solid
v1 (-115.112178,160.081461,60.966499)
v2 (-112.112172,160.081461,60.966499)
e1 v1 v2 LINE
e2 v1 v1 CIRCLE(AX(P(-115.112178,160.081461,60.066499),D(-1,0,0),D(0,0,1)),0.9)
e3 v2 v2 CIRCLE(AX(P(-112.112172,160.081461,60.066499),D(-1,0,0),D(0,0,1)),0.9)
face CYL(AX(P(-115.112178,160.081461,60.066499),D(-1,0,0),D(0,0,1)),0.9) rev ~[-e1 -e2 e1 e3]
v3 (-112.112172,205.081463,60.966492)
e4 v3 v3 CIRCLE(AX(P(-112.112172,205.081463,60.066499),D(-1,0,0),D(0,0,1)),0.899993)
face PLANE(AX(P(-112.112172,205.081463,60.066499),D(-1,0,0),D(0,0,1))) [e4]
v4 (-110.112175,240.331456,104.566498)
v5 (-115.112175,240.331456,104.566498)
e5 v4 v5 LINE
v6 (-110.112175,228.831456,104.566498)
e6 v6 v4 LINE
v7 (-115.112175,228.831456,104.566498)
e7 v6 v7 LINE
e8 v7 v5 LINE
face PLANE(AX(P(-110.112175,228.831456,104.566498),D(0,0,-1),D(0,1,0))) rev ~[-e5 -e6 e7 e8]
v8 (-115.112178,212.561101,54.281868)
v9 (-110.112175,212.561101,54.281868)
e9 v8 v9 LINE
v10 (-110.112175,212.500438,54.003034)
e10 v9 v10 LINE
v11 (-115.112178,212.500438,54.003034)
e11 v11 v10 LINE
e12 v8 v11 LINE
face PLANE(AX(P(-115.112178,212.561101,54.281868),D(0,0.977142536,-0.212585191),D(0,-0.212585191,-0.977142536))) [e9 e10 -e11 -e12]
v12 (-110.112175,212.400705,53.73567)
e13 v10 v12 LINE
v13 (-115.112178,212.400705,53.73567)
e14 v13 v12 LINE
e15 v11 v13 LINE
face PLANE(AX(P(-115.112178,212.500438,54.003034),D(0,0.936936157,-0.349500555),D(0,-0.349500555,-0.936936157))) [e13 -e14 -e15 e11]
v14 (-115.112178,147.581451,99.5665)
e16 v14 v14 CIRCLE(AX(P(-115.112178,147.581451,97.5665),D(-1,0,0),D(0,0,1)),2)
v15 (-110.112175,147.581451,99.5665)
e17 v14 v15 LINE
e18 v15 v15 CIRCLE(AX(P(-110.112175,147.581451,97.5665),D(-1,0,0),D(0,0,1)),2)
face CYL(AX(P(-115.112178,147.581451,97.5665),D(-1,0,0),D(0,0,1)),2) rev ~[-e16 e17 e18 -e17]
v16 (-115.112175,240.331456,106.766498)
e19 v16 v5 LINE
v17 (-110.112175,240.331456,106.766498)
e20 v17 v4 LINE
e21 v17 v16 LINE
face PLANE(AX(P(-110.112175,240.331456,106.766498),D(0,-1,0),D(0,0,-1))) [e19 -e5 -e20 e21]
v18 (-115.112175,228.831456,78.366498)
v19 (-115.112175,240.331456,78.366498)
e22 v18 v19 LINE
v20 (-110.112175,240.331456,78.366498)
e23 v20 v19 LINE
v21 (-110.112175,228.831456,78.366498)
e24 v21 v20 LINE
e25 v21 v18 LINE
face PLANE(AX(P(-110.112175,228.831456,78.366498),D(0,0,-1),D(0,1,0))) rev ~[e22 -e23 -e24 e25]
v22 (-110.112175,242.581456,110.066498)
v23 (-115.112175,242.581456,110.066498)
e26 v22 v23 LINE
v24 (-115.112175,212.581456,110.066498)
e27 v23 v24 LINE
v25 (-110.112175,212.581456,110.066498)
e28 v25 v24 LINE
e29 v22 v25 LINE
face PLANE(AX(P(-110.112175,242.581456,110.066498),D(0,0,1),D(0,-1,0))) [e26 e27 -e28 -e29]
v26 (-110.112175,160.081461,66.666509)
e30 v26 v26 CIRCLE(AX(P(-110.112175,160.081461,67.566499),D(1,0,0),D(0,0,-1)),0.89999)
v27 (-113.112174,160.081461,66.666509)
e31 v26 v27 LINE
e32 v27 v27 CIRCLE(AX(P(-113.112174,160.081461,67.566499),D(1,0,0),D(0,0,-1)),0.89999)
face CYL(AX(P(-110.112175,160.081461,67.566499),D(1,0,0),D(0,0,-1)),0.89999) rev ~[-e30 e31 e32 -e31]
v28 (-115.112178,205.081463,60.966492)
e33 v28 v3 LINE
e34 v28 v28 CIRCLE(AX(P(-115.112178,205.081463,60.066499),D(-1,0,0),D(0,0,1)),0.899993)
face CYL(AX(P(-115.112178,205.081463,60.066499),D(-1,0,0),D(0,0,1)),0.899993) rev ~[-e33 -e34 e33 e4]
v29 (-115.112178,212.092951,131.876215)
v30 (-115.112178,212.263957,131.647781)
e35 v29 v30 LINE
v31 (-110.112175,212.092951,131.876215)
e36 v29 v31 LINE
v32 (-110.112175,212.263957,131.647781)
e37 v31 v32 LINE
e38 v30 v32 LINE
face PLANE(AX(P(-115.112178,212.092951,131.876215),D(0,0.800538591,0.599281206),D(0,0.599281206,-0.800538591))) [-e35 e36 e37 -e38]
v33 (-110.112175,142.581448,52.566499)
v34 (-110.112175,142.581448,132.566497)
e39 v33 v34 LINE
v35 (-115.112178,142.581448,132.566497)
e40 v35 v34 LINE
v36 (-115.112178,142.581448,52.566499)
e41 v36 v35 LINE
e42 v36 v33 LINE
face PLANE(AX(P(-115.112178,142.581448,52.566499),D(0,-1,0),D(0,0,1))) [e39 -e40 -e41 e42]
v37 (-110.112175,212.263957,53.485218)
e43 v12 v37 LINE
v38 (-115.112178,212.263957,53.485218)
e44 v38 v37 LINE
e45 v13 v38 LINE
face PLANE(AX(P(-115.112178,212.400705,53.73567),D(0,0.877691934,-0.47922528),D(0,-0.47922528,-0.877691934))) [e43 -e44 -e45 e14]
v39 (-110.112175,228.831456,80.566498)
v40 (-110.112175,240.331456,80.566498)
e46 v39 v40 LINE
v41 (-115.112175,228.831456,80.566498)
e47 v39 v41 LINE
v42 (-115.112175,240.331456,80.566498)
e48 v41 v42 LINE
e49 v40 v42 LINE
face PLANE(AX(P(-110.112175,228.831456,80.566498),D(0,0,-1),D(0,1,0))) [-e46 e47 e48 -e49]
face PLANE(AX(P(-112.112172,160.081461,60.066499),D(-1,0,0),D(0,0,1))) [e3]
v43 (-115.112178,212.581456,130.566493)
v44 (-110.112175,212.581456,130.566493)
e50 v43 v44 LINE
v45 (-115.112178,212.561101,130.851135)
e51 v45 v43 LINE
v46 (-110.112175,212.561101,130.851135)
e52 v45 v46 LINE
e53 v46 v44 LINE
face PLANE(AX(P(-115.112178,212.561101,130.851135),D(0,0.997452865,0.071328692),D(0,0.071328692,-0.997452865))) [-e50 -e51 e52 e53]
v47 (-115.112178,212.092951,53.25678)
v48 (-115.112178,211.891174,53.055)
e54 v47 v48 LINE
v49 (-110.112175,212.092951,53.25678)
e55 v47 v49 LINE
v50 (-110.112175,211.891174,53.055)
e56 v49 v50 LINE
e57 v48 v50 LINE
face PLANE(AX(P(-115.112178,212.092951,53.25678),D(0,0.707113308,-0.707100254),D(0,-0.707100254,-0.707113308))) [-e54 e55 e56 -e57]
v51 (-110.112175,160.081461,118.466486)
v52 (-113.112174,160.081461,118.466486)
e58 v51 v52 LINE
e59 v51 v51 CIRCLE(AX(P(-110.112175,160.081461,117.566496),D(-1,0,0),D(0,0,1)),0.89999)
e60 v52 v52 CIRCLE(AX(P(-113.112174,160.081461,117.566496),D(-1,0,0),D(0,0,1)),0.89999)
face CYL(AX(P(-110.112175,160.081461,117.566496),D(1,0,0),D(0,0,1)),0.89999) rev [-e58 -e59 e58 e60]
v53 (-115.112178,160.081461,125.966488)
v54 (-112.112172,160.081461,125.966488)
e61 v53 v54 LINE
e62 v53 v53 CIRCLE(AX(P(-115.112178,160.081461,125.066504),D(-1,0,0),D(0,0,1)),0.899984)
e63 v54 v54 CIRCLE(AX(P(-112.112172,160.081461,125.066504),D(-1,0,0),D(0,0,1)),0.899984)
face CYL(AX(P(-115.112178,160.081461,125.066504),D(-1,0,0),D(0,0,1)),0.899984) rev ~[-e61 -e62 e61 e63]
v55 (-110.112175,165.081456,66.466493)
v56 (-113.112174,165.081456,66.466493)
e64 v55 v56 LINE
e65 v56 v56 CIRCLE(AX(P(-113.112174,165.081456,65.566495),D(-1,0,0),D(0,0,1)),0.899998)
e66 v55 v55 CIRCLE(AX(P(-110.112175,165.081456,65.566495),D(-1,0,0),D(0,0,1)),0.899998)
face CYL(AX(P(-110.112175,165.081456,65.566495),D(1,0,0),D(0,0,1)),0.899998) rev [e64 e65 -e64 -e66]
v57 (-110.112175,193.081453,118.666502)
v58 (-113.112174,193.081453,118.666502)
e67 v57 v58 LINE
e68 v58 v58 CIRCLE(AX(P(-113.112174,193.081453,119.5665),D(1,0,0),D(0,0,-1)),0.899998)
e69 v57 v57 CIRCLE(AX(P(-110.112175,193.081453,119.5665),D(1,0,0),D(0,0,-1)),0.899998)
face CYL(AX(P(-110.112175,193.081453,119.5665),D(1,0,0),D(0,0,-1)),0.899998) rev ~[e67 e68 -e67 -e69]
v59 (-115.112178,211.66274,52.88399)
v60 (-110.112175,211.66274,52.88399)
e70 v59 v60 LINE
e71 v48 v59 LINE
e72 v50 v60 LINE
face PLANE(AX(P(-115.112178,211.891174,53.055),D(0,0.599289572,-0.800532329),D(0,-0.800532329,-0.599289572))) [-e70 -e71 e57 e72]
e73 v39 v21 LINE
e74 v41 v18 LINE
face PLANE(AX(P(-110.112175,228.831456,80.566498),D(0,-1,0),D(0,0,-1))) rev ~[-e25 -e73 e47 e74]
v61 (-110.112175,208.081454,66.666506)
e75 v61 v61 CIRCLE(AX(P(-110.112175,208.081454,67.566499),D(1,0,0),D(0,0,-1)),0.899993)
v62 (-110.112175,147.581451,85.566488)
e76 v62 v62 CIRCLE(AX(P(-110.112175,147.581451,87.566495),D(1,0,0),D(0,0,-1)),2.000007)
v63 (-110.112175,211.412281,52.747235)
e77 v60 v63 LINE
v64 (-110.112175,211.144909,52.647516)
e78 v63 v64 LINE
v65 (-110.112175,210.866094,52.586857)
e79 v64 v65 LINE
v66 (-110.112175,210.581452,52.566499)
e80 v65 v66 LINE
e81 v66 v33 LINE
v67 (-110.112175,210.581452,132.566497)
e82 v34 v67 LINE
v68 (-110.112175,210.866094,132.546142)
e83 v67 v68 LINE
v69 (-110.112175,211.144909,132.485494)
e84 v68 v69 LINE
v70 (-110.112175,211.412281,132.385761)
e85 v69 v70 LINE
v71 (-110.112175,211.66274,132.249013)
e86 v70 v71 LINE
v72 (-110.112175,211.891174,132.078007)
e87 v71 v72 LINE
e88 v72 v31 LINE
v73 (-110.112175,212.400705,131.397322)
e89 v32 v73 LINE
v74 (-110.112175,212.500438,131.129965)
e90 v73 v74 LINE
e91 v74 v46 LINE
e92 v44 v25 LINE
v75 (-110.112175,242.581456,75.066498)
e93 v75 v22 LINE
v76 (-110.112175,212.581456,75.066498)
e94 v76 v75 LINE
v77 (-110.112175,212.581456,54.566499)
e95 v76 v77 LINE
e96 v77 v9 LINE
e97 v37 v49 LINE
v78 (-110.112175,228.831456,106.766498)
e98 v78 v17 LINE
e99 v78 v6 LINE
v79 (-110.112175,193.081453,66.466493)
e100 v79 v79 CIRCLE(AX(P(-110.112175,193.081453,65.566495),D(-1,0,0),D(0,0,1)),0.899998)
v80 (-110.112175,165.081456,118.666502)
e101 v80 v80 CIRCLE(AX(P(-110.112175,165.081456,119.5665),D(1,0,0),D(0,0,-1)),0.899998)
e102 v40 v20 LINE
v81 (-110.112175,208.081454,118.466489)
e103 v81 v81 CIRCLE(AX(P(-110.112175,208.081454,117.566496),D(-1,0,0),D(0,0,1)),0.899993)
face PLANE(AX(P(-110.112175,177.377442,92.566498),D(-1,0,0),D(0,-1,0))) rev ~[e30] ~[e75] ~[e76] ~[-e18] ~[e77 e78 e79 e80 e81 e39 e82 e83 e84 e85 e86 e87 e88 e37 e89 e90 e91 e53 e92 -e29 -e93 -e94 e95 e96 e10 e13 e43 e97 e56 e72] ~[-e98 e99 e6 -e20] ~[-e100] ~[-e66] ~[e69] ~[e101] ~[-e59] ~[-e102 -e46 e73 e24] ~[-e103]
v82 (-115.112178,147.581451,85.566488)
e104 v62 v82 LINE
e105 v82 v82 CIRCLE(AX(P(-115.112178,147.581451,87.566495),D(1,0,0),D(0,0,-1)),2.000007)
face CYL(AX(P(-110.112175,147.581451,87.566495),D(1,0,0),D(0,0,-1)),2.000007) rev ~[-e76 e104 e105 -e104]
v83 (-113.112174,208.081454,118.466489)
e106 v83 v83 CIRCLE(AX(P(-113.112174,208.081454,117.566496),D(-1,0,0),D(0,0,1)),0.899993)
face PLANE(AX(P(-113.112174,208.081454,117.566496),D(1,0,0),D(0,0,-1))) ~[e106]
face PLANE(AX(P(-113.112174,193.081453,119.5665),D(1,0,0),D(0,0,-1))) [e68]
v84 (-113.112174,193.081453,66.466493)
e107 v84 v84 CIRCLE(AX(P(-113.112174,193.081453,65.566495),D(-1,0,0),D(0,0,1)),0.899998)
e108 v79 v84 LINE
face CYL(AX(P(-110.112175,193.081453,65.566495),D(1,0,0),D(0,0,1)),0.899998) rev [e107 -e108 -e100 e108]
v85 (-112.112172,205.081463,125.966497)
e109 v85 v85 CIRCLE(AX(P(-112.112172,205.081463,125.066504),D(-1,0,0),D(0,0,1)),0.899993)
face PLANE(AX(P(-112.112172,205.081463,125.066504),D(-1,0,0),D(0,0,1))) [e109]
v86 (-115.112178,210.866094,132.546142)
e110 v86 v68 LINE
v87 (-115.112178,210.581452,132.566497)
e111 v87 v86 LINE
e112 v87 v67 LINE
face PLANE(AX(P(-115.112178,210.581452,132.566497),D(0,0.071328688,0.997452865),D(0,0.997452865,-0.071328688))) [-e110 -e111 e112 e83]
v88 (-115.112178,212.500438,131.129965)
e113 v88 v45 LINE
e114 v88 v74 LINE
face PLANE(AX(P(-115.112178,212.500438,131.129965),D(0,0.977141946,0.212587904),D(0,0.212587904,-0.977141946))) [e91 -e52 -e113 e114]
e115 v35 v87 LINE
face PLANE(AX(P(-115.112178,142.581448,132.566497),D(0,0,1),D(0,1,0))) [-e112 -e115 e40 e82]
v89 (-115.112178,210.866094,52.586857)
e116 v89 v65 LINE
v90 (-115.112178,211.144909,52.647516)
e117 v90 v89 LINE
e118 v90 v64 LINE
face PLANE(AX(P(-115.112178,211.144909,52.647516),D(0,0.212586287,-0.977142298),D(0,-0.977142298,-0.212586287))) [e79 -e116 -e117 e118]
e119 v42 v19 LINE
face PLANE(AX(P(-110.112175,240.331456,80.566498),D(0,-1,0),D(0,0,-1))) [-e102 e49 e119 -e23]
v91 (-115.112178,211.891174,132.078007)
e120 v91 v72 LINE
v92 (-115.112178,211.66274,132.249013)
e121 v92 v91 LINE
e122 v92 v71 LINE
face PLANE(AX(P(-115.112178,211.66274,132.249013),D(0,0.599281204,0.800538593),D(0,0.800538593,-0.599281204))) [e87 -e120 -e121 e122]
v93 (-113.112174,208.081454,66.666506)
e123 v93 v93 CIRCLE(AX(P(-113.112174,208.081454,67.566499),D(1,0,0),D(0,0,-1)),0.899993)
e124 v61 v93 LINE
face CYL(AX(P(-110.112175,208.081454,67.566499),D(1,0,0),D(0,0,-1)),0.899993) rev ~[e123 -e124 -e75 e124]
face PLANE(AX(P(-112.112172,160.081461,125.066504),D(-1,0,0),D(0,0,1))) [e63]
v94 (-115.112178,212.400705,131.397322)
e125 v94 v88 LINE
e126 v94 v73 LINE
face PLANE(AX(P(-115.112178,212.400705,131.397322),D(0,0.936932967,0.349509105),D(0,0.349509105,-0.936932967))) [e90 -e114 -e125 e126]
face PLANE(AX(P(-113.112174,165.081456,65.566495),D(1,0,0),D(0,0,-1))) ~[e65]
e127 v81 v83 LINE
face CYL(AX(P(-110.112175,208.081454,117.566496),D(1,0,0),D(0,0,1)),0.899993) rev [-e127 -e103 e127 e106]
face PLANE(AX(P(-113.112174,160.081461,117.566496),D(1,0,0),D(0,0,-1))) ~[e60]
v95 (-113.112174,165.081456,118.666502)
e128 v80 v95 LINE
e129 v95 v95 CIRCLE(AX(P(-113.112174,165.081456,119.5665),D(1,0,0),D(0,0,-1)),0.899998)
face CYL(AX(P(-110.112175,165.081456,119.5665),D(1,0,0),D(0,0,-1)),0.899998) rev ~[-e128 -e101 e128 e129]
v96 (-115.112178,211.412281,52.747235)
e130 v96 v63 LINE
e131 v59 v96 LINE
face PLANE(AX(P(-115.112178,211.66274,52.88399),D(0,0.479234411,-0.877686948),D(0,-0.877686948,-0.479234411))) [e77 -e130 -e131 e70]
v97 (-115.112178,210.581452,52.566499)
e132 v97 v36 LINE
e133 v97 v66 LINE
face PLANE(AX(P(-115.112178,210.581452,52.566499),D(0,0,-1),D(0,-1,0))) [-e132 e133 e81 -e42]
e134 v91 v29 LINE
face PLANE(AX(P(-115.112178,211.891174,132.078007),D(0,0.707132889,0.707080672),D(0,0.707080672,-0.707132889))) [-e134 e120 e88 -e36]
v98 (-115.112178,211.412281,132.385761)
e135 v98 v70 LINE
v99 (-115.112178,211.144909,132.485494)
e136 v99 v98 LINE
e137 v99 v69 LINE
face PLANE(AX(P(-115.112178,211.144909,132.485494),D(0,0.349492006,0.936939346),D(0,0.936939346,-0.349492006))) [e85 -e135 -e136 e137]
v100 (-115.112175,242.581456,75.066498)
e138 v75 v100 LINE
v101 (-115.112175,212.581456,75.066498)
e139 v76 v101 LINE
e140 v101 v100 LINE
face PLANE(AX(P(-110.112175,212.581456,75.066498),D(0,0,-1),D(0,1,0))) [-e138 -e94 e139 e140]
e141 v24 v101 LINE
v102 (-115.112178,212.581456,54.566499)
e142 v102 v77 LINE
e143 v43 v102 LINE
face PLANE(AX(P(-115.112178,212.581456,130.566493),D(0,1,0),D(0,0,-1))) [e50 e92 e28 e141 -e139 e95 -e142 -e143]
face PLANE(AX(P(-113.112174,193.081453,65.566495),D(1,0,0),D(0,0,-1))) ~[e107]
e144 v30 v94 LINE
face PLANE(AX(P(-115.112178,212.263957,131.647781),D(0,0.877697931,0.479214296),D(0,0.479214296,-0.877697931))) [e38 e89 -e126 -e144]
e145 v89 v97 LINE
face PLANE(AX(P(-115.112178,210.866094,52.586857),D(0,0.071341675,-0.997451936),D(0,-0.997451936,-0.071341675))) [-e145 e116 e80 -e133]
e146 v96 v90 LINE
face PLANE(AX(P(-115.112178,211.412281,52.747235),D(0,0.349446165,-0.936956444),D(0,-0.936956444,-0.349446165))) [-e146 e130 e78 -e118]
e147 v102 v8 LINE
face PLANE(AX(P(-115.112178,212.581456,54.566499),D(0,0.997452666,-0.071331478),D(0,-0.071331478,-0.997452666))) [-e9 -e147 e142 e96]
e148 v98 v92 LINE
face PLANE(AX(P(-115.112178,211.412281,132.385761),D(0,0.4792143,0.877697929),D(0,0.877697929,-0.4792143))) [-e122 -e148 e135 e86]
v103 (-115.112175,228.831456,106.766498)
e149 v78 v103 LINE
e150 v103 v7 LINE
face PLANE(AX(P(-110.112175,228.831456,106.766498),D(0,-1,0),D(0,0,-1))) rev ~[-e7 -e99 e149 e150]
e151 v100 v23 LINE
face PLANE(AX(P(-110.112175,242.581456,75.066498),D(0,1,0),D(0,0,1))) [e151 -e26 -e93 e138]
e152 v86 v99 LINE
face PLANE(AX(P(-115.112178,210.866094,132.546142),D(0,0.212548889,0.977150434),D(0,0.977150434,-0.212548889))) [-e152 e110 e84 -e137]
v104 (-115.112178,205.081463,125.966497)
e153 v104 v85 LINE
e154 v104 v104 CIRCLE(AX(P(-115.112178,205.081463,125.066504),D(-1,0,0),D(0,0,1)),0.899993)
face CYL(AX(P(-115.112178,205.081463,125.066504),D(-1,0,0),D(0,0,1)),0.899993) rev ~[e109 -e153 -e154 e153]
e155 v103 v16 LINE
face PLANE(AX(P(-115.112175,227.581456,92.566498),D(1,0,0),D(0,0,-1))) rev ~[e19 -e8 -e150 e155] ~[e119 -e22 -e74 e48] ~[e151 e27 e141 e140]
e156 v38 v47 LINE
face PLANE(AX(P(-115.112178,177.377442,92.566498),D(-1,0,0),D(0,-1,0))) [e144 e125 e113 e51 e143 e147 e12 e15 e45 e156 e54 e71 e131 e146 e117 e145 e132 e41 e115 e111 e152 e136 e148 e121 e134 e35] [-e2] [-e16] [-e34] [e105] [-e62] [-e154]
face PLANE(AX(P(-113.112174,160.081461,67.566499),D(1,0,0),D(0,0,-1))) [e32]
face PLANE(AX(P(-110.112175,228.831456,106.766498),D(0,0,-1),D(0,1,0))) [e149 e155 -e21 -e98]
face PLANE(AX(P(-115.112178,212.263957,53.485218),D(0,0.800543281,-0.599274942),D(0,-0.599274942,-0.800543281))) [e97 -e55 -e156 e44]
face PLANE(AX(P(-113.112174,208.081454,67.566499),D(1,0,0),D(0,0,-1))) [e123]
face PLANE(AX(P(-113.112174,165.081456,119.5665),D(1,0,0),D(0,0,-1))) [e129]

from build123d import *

# Parameters (mm, degrees)
BOSS_EXTRUDE1_DEPTH = 5.000002682
SKETCH2_R           = 2.000000134
CUT_EXTRUDE1_DEPTH  = 251.578832691
SKETCH3_R           = 2.000006516
CUT_EXTRUDE2_DEPTH  = 251.578832691
SKETCH4_R           = 0.899997723
CUT_EXTRUDE3_DEPTH  = 2.999998629
SKETCH5_R           = 0.899983627
CUT_EXTRUDE4_DEPTH  = 3.00000608
SKETCH6_R           = 0.900000334
CUT_EXTRUDE5_DEPTH  = 3.00000608
SKETCH7_R           = 0.899990272
CUT_EXTRUDE6_DEPTH  = 2.999998629
SKETCH8_R           = 0.899993205
CUT_EXTRUDE7_DEPTH  = 3.00000608
SKETCH9_R           = 0.899993205
CUT_EXTRUDE8_DEPTH  = 3.00000608
SKETCH10_R          = 0.899997723
CUT_EXTRUDE9_DEPTH  = 2.999998629
SKETCH11_R          = 0.899993205
CUT_EXTRUDE10_DEPTH = 2.999998629
SKETCH12_W          = 2.2
SKETCH12_H          = 11.5
BOSS_EXTRUDE2_DEPTH = 5


with BuildPart() as part:
    # Sketch1 → Boss-Extrude1 (new body)
    with BuildSketch(Plane(origin=(-115.112178028, 0, 0), x_dir=(0, -1, 0), z_dir=(-1, 0, 0))):
        Polygon((-142.581447959, 52.566498518), (-142.581447959, 132.56649673), (-210.581451654, 132.56649673), (-210.866093636, 132.546141744), (-211.144909263, 132.485494018), (-211.412280798, 132.385760546), (-211.662739515, 132.249012589), (-211.891174316, 132.078006864), (-212.09295094, 131.876215339), (-212.263956666, 131.647780538), (-212.400704622, 131.39732182), (-212.500438094, 131.129965186), (-212.561100721, 130.851134658), (-212.581455708, 130.566492677), (-212.581455708, 54.566498846), (-212.561100721, 54.281868041), (-212.500438094, 54.003033787), (-212.400704622, 53.735669702), (-212.263956666, 53.485218436), (-212.09295094, 53.256779909), (-211.891174316, 53.05499956), (-211.662739515, 52.883990109), (-211.412280798, 52.747234702), (-211.144909263, 52.647516131), (-210.866093636, 52.586857229), (-210.581451654, 52.566498518), align=None)
    extrude(amount=-BOSS_EXTRUDE1_DEPTH)

    # Sketch2 → Cut-Extrude1 (cut, through all)
    with BuildSketch(Plane.ZY.offset(115.112178028)):
        with Locations((97.566500306, 147.581450641)):
            Circle(SKETCH2_R)
    extrude(amount=-CUT_EXTRUDE1_DEPTH, mode=Mode.SUBTRACT)

    # Sketch3 → Cut-Extrude2 (cut, through all)
    with BuildSketch(Plane(origin=(-110.112175345, 0, 0), x_dir=(0, 0, -1), z_dir=(1, 0, 0))):
        with Locations((-87.566494942, 147.581450641)):
            Circle(SKETCH3_R)
    extrude(amount=-CUT_EXTRUDE2_DEPTH, mode=Mode.SUBTRACT)

    # Sketch4 → Cut-Extrude3 (cut)
    with BuildSketch(Plane(origin=(-110.112175345, 0, 0), x_dir=(0, 0, -1), z_dir=(1, 0, 0))):
        with Locations((-119.566500187, 165.081456304)):
            Circle(SKETCH4_R)
    cut_extrude3 = extrude(amount=-CUT_EXTRUDE3_DEPTH, mode=Mode.SUBTRACT)

    # Sketch5 → Cut-Extrude4 (cut)
    with BuildSketch(Plane.ZY.offset(115.112178028)):
        with Locations((125.066503882, 160.081461072)):
            Circle(SKETCH5_R)
    extrude(amount=-CUT_EXTRUDE4_DEPTH, mode=Mode.SUBTRACT)

    # Sketch6 → Cut-Extrude5 (cut)
    with BuildSketch(Plane.ZY.offset(115.112178028)):
        with Locations((60.066498816, 160.081461072)):
            Circle(SKETCH6_R)
    extrude(amount=-CUT_EXTRUDE5_DEPTH, mode=Mode.SUBTRACT)

    # Sketch7 → Cut-Extrude6 (cut)
    with BuildSketch(Plane(origin=(-110.112175345, 0, 0), x_dir=(0, 0, -1), z_dir=(1, 0, 0))):
        with Locations((-67.566499114, 160.081461072)):
            Circle(SKETCH7_R)
    cut_extrude6 = extrude(amount=-CUT_EXTRUDE6_DEPTH, mode=Mode.SUBTRACT)

    # Sketch8 → Cut-Extrude7 (cut)
    with BuildSketch(Plane.ZY.offset(115.112178028)):
        with Locations((125.066503882, 205.08146286)):
            Circle(SKETCH8_R)
    extrude(amount=-CUT_EXTRUDE7_DEPTH, mode=Mode.SUBTRACT)

    # Sketch9 → Cut-Extrude8 (cut)
    with BuildSketch(Plane.ZY.offset(115.112178028)):
        with Locations((60.066498816, 205.08146286)):
            Circle(SKETCH9_R)
    extrude(amount=-CUT_EXTRUDE8_DEPTH, mode=Mode.SUBTRACT)

    # Sketch10 → Cut-Extrude9 (cut)
    with BuildSketch(Plane(origin=(-110.112175345, 0, 0), x_dir=(0, 0, -1), z_dir=(1, 0, 0))):
        with Locations((-119.566500187, 193.081453443)):
            Circle(SKETCH10_R)
    cut_extrude9 = extrude(amount=-CUT_EXTRUDE9_DEPTH, mode=Mode.SUBTRACT)

    # Sketch11 → Cut-Extrude10 (cut)
    with BuildSketch(Plane(origin=(-110.112175345, 0, 0), x_dir=(0, 0, -1), z_dir=(1, 0, 0))):
        with Locations((-67.566499114, 208.081454039)):
            Circle(SKETCH11_R)
    cut_extrude10 = extrude(amount=-CUT_EXTRUDE10_DEPTH, mode=Mode.SUBTRACT)

    # Sketch12 → Boss-Extrude2 (add)
    with BuildSketch(Plane(origin=(-110.112175345, 0, 0), x_dir=(0, 0, -1), z_dir=(1, 0, 0))):
        Polygon((-110.066497624, 226.581455708), (-110.066497624, 212.581455708), (-75.066497624, 212.581455708), (-75.066497624, 226.581455708), (-75.066497624, 242.581455708), (-110.066497624, 242.581455708), align=None)
        with Locations((-105.666497624, 234.581455708)):
            Rectangle(SKETCH12_W, SKETCH12_H, mode=Mode.SUBTRACT)
        with Locations((-79.466497624, 234.581455708)):
            Rectangle(SKETCH12_W, SKETCH12_H, mode=Mode.SUBTRACT)
    extrude(amount=-BOSS_EXTRUDE2_DEPTH)

    # Mirror1: Cut-Extrude3, Cut-Extrude6, Cut-Extrude9, Cut-Extrude10 across plane
    add(cut_extrude3.mirror(Plane.XY.offset(92.566497624)), mode=Mode.SUBTRACT)
    add(cut_extrude6.mirror(Plane.XY.offset(92.566497624)), mode=Mode.SUBTRACT)
    add(cut_extrude9.mirror(Plane.XY.offset(92.566497624)), mode=Mode.SUBTRACT)
    add(cut_extrude10.mirror(Plane.XY.offset(92.566497624)), mode=Mode.SUBTRACT)


solid = part.part
